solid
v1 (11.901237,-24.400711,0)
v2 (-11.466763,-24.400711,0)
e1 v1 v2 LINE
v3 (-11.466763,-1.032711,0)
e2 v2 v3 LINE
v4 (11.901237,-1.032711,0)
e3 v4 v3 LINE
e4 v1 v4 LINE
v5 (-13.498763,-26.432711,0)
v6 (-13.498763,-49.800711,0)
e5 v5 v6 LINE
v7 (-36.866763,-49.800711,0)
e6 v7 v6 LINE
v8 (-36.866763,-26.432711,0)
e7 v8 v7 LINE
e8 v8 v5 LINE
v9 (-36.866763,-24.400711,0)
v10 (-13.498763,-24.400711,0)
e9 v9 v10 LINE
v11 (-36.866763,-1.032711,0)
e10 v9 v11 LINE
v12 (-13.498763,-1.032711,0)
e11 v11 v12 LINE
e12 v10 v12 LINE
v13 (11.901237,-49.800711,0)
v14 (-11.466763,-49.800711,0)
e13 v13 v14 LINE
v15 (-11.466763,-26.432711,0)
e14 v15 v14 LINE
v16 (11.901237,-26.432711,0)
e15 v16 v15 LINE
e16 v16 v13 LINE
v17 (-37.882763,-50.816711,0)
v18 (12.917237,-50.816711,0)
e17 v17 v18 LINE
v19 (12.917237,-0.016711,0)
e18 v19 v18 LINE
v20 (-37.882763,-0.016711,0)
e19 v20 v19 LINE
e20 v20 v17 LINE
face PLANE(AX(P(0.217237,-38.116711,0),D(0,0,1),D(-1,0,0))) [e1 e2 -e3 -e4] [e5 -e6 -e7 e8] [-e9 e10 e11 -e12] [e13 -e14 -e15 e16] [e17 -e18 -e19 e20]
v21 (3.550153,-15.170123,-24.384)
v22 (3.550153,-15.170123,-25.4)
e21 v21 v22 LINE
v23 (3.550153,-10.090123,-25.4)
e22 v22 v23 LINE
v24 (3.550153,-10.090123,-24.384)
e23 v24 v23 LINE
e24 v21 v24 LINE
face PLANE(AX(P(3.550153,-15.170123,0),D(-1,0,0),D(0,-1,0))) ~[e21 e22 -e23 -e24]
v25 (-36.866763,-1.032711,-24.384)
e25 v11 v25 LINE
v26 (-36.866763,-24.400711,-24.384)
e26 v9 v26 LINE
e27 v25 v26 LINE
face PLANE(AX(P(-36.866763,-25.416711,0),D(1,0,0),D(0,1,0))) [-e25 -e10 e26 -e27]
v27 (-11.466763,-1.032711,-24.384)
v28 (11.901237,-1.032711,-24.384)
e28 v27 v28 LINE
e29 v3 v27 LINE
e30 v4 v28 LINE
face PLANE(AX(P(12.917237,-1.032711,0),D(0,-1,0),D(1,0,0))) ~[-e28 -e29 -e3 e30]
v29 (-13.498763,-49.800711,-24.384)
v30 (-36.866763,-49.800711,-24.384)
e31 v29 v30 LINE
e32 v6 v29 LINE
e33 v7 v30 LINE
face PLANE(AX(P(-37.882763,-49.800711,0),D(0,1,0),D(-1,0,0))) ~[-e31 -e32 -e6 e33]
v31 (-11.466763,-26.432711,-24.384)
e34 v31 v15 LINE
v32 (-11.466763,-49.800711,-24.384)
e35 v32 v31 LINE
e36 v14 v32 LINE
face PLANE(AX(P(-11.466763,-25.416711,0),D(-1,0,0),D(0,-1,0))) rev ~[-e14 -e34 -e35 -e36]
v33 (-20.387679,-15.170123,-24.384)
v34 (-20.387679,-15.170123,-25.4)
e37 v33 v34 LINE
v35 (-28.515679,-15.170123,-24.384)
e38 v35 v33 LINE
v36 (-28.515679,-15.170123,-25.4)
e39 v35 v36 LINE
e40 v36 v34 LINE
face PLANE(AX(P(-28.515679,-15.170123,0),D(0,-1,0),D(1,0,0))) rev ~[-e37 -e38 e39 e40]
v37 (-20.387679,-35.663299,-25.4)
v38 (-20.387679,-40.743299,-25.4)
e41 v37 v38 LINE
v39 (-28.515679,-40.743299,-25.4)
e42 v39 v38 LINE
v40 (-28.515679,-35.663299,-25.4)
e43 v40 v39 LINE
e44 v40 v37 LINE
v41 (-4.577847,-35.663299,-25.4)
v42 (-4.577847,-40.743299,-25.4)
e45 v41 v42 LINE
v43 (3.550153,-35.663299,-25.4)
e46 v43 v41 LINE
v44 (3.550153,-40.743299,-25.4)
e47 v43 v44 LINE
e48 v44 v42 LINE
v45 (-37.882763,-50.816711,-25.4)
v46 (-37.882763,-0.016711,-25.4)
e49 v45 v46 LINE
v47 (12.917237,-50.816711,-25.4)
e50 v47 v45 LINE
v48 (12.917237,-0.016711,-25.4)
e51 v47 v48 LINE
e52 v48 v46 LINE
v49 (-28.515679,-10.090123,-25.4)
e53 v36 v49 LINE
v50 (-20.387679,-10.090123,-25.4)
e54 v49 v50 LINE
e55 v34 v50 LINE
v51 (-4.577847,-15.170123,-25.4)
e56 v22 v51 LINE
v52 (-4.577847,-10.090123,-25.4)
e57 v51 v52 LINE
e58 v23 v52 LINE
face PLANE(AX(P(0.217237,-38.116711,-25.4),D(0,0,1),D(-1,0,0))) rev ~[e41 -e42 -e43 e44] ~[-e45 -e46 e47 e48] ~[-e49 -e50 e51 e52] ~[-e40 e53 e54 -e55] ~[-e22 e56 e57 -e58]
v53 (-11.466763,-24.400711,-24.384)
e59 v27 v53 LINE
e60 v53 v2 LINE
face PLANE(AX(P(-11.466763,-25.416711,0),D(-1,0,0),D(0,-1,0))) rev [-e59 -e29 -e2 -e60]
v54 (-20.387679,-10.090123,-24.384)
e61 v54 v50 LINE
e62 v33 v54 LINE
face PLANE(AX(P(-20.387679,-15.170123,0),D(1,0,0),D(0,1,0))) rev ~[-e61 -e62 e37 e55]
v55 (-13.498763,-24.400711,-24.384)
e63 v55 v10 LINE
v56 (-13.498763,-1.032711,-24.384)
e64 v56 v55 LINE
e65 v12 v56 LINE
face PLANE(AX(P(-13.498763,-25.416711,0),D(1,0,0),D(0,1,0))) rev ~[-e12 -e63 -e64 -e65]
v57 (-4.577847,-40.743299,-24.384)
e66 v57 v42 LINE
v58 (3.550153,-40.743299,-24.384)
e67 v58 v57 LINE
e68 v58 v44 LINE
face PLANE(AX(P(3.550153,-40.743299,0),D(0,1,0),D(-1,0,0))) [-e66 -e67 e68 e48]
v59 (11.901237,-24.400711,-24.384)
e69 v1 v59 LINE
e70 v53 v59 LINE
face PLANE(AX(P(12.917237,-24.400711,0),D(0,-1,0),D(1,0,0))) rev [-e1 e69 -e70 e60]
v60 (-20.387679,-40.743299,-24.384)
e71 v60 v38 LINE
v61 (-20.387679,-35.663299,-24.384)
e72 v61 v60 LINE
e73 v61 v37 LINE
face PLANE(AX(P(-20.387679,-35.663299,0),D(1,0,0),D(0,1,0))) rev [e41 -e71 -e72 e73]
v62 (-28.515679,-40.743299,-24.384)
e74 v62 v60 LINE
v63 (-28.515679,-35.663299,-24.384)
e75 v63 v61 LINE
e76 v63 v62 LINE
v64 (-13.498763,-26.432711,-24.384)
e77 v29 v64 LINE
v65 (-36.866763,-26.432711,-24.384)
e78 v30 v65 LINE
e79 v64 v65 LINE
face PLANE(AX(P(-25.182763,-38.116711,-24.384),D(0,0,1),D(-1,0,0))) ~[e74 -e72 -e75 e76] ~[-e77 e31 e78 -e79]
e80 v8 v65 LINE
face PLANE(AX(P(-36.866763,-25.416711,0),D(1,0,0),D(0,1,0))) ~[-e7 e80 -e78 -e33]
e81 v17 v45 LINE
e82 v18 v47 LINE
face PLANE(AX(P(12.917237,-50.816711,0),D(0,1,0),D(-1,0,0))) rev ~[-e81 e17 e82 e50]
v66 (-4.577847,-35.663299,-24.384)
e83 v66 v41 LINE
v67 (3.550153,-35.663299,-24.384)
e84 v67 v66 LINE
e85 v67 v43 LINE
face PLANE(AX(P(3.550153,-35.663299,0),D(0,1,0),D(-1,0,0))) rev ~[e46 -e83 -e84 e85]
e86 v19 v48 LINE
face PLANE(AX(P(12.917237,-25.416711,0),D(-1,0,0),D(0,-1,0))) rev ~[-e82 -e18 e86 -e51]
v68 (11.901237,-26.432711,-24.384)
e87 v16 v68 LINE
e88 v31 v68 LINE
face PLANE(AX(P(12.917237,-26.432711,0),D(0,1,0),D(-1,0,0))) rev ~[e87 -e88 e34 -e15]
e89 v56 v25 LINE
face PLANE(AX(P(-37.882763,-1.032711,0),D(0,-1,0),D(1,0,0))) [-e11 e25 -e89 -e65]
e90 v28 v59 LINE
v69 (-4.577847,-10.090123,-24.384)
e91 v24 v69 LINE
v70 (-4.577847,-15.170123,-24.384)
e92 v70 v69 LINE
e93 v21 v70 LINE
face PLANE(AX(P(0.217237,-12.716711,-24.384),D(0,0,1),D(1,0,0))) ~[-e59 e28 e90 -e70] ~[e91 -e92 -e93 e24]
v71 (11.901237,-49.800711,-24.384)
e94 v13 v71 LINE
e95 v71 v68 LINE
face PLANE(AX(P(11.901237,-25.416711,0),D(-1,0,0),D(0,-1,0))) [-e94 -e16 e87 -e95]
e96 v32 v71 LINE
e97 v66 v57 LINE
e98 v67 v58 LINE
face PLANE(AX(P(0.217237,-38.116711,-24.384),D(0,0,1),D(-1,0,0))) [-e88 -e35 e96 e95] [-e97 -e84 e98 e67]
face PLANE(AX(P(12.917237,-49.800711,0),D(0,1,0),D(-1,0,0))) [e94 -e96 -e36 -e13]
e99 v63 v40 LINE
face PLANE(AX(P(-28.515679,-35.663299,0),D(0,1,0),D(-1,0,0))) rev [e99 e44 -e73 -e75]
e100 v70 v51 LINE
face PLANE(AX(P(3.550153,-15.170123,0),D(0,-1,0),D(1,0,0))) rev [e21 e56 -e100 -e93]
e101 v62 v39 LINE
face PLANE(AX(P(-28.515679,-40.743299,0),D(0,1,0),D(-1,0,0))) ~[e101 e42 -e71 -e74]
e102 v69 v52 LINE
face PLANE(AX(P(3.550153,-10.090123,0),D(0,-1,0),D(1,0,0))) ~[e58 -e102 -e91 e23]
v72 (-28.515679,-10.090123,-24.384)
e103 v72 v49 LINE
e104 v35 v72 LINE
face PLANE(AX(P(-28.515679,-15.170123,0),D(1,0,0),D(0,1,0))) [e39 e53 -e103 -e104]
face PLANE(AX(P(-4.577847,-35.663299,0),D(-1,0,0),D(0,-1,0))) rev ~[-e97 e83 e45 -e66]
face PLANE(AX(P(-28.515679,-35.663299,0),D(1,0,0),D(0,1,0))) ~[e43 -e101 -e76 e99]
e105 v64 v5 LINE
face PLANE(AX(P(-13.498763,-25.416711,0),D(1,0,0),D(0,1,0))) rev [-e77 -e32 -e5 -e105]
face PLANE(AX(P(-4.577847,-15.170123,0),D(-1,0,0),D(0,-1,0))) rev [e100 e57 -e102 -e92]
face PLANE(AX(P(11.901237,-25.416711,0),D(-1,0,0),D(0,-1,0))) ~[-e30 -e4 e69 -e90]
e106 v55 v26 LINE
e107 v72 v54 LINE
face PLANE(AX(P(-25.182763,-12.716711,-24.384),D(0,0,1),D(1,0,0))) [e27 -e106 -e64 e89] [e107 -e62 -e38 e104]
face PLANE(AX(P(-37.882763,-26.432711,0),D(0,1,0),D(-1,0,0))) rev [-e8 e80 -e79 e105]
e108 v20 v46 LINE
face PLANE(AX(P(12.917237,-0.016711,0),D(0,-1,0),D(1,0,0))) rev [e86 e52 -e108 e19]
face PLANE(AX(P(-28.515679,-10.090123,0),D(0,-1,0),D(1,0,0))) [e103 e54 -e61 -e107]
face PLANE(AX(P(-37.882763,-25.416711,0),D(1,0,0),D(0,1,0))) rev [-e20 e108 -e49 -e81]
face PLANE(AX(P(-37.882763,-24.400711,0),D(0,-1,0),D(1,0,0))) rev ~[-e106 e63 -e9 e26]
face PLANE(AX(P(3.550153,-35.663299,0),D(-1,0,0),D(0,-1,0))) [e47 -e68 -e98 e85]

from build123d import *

# Parameters (mm, degrees)
F0_W     = 25.4
F0_H     = 25.4
F1_DEPTH = 25.4
F2_T     = -1.016
F3_W     = 8.128
F3_H     = 5.08
F4_DEPTH = 25.4


with BuildPart() as f1:
    # F0 (on Top) → F1 (new body)
    with BuildSketch(Plane.XY):
        with Locations((-25.182763, -12.716711)):
            Rectangle(F0_W, F0_H)
    extrude(amount=-F1_DEPTH)

    # F2
    f2_openings = [f1.faces().sort_by_distance(p)[0] for p in [
        (-25.182763, -12.716711, 0),
    ]]
    offset(amount=F2_T, openings=f2_openings)

    # F3 (on Top) → F4 (cut)
    with BuildSketch(Plane.XY):
        with Locations((-24.451679, -12.630123)):
            Rectangle(F3_W, F3_H)
    extrude(amount=-F4_DEPTH, mode=Mode.SUBTRACT)

    # F5: F1 across face


with BuildPart() as f1_1:
    add(f1.part)
    add(f1.part.mirror(Plane(origin=(-12.482763, -12.716711, -12.7), x_dir=(0, 1, 0), z_dir=(1, 0, 0))))

    # F6: F1 across face


with BuildPart() as f1_2:
    add(f1_1.part)
    add(f1_1.part.mirror(Plane(origin=(-12.482763, -25.416711, -12.7), x_dir=(1, 0, 0), z_dir=(0, -1, 0))))


solid = f1_2.part
